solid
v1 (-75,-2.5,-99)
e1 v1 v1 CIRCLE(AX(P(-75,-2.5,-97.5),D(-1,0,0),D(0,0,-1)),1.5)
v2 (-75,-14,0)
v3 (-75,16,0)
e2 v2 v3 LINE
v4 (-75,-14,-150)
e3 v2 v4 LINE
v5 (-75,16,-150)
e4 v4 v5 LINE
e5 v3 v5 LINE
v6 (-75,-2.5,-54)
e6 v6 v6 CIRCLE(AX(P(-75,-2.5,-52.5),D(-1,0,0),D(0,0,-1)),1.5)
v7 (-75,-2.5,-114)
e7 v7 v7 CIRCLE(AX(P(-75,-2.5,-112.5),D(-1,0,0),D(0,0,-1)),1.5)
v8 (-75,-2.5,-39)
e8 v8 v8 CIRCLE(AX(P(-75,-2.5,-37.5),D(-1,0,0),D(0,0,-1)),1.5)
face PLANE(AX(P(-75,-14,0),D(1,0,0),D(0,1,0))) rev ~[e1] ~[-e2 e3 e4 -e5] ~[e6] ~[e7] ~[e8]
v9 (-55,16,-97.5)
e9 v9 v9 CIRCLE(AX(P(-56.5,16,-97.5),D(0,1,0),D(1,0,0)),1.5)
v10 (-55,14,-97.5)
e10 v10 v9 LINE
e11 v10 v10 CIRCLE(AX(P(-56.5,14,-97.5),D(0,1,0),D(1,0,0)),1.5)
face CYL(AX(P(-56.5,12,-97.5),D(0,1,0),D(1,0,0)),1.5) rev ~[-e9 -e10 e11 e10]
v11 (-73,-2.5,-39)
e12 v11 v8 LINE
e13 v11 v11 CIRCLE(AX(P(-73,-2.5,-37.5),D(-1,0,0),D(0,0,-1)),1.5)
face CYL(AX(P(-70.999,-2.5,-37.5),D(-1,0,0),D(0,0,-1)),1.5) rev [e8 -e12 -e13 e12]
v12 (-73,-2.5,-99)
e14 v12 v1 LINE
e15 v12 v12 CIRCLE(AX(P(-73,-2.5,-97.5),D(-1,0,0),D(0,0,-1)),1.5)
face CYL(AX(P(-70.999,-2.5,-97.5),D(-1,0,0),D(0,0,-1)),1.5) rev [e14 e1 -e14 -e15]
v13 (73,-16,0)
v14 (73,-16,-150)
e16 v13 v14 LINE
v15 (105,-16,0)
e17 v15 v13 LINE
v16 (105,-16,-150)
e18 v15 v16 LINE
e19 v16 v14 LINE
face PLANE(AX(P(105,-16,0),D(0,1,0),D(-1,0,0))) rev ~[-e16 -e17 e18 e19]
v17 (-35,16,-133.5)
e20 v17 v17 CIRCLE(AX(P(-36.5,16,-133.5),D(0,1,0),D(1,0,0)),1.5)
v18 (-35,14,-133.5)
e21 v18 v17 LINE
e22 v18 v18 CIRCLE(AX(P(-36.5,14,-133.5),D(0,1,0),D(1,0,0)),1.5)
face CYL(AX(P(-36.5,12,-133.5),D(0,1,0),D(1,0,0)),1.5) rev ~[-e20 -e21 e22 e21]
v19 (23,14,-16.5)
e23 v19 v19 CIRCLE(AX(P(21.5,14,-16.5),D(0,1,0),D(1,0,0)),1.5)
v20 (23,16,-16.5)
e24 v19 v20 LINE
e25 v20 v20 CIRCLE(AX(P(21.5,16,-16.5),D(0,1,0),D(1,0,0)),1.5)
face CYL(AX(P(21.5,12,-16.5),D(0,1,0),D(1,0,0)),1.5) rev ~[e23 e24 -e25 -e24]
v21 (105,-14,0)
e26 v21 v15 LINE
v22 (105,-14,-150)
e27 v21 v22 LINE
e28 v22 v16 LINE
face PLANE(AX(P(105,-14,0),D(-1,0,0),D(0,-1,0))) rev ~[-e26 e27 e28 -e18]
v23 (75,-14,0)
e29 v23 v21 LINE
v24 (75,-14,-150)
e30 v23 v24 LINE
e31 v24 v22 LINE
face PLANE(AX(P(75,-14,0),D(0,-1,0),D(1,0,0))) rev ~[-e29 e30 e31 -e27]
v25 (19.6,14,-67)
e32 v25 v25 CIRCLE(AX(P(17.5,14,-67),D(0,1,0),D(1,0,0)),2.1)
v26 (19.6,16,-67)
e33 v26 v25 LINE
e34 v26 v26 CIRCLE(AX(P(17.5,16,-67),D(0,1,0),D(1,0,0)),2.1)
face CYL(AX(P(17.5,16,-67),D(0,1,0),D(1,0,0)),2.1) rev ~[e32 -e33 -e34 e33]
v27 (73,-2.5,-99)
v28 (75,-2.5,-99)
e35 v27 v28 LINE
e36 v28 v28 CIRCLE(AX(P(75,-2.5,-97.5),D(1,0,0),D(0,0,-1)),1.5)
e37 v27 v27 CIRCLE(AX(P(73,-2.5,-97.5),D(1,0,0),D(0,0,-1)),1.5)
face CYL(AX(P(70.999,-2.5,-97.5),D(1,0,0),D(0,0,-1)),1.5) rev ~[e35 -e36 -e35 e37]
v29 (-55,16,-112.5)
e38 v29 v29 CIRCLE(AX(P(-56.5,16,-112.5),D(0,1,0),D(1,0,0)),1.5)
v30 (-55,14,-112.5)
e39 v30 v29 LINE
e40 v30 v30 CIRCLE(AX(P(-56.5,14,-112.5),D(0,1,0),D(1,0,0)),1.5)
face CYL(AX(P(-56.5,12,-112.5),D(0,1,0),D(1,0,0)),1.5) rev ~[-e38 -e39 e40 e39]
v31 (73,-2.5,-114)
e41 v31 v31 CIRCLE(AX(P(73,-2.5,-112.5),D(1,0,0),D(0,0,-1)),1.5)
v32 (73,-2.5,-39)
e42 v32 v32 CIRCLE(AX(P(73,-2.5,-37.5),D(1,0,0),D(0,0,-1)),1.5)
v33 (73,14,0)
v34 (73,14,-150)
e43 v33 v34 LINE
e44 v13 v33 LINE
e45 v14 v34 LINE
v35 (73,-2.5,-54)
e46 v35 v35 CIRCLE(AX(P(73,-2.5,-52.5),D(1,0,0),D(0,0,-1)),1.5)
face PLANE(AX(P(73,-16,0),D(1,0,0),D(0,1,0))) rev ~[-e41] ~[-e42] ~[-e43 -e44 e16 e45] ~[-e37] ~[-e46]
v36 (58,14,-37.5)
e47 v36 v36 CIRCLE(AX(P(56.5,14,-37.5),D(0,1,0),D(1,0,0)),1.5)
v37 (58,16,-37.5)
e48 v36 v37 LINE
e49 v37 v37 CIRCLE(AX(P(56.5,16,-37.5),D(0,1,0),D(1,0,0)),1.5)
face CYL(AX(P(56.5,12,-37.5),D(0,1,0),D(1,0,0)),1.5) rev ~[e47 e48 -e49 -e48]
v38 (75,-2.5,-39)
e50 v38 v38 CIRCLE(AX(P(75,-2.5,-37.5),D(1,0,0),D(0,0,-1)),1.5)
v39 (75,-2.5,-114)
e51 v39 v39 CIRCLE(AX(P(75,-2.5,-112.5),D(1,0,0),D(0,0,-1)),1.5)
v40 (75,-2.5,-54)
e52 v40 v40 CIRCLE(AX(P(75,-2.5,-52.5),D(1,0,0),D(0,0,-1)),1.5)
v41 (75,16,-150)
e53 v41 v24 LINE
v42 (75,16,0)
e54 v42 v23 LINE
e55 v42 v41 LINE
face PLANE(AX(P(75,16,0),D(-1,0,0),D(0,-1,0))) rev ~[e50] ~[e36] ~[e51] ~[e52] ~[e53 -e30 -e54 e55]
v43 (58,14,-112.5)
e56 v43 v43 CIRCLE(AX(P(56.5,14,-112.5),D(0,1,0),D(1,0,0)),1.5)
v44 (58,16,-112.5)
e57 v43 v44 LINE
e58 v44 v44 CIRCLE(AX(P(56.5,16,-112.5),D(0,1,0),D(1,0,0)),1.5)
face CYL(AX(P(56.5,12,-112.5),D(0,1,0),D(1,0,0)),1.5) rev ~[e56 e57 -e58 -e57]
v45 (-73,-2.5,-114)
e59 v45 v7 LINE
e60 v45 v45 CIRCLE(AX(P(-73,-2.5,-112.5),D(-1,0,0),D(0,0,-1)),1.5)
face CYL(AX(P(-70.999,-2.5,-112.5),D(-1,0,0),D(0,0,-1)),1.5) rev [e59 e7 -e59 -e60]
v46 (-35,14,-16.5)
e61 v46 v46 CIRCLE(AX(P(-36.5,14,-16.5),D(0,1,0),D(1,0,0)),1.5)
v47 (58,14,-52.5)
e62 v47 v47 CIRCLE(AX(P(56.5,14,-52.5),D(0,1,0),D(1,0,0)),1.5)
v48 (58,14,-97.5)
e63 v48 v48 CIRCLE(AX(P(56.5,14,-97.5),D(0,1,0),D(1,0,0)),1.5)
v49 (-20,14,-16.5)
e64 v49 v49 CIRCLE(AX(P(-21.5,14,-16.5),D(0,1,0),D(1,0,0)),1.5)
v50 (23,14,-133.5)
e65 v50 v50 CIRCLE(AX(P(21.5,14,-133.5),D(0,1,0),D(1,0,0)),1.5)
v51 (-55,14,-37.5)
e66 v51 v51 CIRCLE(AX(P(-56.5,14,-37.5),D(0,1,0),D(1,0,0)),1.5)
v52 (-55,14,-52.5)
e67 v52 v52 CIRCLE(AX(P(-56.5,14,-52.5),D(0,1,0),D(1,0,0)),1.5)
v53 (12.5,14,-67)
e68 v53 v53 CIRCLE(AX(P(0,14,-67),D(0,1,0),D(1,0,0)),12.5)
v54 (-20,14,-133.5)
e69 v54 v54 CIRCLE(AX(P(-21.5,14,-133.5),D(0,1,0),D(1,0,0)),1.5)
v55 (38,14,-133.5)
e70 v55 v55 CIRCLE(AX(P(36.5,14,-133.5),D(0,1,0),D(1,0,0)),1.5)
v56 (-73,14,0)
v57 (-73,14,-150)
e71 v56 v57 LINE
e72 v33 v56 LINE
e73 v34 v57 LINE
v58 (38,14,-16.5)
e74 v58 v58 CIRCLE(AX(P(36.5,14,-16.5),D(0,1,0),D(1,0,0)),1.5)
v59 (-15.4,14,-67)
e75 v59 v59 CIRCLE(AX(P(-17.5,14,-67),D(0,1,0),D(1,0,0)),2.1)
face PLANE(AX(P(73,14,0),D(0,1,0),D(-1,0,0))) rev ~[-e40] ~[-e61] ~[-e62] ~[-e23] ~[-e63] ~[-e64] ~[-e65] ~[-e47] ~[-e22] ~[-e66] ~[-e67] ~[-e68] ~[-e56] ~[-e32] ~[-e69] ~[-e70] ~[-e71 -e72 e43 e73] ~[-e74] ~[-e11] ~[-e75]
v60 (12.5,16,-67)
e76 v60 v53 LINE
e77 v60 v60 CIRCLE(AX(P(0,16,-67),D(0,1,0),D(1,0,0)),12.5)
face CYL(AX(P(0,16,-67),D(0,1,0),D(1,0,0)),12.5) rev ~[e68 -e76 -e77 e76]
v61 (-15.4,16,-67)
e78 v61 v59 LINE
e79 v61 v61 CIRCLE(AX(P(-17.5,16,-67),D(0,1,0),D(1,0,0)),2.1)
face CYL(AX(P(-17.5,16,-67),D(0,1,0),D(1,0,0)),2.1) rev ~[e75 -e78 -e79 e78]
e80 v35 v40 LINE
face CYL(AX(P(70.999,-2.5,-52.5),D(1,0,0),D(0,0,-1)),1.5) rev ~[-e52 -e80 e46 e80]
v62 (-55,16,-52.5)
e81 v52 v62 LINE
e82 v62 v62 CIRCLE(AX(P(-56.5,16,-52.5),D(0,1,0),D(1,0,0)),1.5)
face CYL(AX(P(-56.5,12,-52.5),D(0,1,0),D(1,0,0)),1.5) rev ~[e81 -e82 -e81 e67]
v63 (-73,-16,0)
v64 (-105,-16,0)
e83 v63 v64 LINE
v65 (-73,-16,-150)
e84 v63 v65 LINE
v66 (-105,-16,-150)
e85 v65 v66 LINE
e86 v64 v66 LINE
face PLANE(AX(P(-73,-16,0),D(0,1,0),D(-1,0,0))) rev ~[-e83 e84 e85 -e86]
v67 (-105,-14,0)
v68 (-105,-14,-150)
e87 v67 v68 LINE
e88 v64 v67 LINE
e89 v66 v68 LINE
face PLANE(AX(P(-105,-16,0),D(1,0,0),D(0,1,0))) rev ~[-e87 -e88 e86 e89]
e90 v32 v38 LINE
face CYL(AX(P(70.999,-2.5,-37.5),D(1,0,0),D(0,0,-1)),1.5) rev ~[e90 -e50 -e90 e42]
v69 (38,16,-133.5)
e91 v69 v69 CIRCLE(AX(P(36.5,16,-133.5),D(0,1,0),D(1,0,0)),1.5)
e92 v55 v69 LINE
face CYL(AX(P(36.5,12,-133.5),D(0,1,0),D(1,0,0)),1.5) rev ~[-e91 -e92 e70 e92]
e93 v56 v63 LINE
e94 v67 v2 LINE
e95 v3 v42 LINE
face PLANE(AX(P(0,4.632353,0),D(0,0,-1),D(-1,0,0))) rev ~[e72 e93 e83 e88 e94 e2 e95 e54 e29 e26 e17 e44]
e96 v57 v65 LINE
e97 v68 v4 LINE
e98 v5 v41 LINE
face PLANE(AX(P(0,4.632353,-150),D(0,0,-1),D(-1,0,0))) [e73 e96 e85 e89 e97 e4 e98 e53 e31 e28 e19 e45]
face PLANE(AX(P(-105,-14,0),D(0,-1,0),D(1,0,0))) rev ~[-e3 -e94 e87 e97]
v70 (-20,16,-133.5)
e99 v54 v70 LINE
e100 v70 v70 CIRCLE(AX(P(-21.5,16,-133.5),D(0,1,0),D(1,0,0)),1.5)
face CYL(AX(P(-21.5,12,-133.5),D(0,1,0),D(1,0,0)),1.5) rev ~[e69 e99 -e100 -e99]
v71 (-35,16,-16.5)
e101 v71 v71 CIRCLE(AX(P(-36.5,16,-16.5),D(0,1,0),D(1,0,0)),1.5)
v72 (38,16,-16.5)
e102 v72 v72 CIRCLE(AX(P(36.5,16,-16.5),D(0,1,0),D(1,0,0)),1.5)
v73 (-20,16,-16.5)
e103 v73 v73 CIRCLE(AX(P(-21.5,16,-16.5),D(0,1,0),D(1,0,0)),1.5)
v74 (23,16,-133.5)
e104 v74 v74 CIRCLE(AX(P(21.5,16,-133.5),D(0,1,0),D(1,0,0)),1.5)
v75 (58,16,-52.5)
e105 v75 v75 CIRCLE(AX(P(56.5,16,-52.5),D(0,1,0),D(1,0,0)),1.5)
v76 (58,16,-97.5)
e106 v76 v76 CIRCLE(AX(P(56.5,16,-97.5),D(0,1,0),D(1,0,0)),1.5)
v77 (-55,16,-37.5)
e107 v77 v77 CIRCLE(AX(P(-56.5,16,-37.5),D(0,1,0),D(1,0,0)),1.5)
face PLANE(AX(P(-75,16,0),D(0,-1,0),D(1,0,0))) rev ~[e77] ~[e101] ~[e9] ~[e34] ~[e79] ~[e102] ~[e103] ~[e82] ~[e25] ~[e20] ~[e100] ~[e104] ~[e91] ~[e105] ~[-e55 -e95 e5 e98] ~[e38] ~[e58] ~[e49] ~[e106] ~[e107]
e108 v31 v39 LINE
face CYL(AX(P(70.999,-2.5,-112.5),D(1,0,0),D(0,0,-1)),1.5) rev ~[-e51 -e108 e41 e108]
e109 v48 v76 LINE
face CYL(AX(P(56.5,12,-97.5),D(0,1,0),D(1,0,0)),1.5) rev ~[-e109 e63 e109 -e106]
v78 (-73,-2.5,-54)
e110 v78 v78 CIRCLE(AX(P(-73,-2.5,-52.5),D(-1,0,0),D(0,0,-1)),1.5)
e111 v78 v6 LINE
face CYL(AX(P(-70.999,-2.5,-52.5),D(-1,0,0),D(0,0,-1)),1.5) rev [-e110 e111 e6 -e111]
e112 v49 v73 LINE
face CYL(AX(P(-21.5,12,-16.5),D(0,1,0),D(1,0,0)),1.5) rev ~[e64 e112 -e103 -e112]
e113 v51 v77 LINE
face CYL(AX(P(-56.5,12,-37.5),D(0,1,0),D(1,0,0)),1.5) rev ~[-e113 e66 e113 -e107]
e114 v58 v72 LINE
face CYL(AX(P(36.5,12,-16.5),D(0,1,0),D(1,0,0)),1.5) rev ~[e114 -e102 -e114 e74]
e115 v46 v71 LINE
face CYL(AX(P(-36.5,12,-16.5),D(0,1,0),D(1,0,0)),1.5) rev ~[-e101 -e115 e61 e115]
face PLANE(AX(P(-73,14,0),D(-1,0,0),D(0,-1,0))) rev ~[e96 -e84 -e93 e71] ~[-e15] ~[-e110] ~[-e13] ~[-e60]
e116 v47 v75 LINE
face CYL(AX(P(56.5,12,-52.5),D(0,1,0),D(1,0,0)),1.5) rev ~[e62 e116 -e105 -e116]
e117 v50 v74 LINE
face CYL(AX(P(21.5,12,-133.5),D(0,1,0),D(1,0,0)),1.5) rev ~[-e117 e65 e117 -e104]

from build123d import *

# Parameters (mm, degrees)
BOSS_EXTRUDE1_DEPTH       = 150
CUT_EXTRUDE1_REACH        = 34
SKETCH2_R                 = 12.5
CUT_EXTRUDE2_REACH        = 34
SKETCH3_R                 = 2.1
F_3_0MM_DOWEL_HOLE1_D     = 3
F_3_0MM_DOWEL_HOLE1_DEPTH = 2
F_3_0MM_DOWEL_HOLE2_D     = 3
F_3_0MM_DOWEL_HOLE2_DEPTH = 2.001


with BuildPart() as part:
    # Sketch1 → Boss-Extrude1 (new body)
    with BuildSketch(Plane.XY):
        Polygon((-75, 16), (75, 16), (75, -14), (105, -14), (105, -16), (73, -16), (73, 14), (-73, 14), (-73, -16), (-105, -16), (-105, -14), (-75, -14), align=None)
    extrude(amount=-BOSS_EXTRUDE1_DEPTH)

    # Sketch2 → Cut-Extrude1 (cut, up to next)
    with BuildSketch(Plane(origin=(0, 16, 0), x_dir=(1, 0, 0), z_dir=(0, 1, 0)), mode=Mode.PRIVATE) as cut_extrude1_sk1:
        with Locations((0, 67)):
            Circle(SKETCH2_R)
    cut_extrude1_tool1 = extrude(cut_extrude1_sk1.sketch, amount=-CUT_EXTRUDE1_REACH, mode=Mode.PRIVATE) & part.part
    add(cut_extrude1_tool1.solids().sort_by_distance((0, 16, -67))[0], mode=Mode.SUBTRACT)

    # Sketch3 → Cut-Extrude2 (cut, up to next)
    with BuildSketch(Plane(origin=(0, 16, 0), x_dir=(1, 0, 0), z_dir=(0, 1, 0)), mode=Mode.PRIVATE) as cut_extrude2_sk1:
        with Locations((17.5, 67)):
            Circle(SKETCH3_R)
    cut_extrude2_tool1 = extrude(cut_extrude2_sk1.sketch, amount=-CUT_EXTRUDE2_REACH, mode=Mode.PRIVATE) & part.part
    add(cut_extrude2_tool1.solids().sort_by_distance((17.5, 16, -67))[0], mode=Mode.SUBTRACT)
    # Sketch3 → Cut-Extrude2 (cut, up to next)
    with BuildSketch(Plane(origin=(0, 16, 0), x_dir=(1, 0, 0), z_dir=(0, 1, 0)), mode=Mode.PRIVATE) as cut_extrude2_sk2:
        with Locations((-17.5, 67)):
            Circle(SKETCH3_R)
    cut_extrude2_tool2 = extrude(cut_extrude2_sk2.sketch, amount=-CUT_EXTRUDE2_REACH, mode=Mode.PRIVATE) & part.part
    add(cut_extrude2_tool2.solids().sort_by_distance((-17.5, 16, -67))[0], mode=Mode.SUBTRACT)

    # Ø3.0mm Dowel Hole1
    with Locations(Plane(origin=(0, 14, 0), x_dir=(-1, 0, 0), z_dir=(0, -1, 0))):
        with Locations((56.5, 97.5), (56.5, 112.5), (56.5, 52.5), (56.5, 37.5), (36.5, 16.5), (21.5, 16.5), (-21.5, 16.5), (-36.5, 16.5), (-56.5, 37.5), (-56.5, 52.5), (-56.5, 97.5), (-56.5, 112.5), (-36.5, 133.5), (-21.5, 133.5), (36.5, 133.5), (21.5, 133.5)):
            Hole(F_3_0MM_DOWEL_HOLE1_D / 2, depth=F_3_0MM_DOWEL_HOLE1_DEPTH)

    # Ø3.0mm Dowel Hole2
    with Locations(Plane.ZY.offset(-73)):
        with Locations((-112.5, -2.5), (-97.5, -2.5), (-52.5, -2.5), (-37.5, -2.5)):
            f_3_0mm_dowel_hole2 = Hole(F_3_0MM_DOWEL_HOLE2_D / 2, depth=F_3_0MM_DOWEL_HOLE2_DEPTH)

    # Mirror1: Ø3.0mm Dowel Hole2 across plane
    add(f_3_0mm_dowel_hole2.mirror(Plane(origin=(0, 0, 0), x_dir=(0, 0, 1), z_dir=(1, 0, 0))), mode=Mode.SUBTRACT)


solid = part.part
